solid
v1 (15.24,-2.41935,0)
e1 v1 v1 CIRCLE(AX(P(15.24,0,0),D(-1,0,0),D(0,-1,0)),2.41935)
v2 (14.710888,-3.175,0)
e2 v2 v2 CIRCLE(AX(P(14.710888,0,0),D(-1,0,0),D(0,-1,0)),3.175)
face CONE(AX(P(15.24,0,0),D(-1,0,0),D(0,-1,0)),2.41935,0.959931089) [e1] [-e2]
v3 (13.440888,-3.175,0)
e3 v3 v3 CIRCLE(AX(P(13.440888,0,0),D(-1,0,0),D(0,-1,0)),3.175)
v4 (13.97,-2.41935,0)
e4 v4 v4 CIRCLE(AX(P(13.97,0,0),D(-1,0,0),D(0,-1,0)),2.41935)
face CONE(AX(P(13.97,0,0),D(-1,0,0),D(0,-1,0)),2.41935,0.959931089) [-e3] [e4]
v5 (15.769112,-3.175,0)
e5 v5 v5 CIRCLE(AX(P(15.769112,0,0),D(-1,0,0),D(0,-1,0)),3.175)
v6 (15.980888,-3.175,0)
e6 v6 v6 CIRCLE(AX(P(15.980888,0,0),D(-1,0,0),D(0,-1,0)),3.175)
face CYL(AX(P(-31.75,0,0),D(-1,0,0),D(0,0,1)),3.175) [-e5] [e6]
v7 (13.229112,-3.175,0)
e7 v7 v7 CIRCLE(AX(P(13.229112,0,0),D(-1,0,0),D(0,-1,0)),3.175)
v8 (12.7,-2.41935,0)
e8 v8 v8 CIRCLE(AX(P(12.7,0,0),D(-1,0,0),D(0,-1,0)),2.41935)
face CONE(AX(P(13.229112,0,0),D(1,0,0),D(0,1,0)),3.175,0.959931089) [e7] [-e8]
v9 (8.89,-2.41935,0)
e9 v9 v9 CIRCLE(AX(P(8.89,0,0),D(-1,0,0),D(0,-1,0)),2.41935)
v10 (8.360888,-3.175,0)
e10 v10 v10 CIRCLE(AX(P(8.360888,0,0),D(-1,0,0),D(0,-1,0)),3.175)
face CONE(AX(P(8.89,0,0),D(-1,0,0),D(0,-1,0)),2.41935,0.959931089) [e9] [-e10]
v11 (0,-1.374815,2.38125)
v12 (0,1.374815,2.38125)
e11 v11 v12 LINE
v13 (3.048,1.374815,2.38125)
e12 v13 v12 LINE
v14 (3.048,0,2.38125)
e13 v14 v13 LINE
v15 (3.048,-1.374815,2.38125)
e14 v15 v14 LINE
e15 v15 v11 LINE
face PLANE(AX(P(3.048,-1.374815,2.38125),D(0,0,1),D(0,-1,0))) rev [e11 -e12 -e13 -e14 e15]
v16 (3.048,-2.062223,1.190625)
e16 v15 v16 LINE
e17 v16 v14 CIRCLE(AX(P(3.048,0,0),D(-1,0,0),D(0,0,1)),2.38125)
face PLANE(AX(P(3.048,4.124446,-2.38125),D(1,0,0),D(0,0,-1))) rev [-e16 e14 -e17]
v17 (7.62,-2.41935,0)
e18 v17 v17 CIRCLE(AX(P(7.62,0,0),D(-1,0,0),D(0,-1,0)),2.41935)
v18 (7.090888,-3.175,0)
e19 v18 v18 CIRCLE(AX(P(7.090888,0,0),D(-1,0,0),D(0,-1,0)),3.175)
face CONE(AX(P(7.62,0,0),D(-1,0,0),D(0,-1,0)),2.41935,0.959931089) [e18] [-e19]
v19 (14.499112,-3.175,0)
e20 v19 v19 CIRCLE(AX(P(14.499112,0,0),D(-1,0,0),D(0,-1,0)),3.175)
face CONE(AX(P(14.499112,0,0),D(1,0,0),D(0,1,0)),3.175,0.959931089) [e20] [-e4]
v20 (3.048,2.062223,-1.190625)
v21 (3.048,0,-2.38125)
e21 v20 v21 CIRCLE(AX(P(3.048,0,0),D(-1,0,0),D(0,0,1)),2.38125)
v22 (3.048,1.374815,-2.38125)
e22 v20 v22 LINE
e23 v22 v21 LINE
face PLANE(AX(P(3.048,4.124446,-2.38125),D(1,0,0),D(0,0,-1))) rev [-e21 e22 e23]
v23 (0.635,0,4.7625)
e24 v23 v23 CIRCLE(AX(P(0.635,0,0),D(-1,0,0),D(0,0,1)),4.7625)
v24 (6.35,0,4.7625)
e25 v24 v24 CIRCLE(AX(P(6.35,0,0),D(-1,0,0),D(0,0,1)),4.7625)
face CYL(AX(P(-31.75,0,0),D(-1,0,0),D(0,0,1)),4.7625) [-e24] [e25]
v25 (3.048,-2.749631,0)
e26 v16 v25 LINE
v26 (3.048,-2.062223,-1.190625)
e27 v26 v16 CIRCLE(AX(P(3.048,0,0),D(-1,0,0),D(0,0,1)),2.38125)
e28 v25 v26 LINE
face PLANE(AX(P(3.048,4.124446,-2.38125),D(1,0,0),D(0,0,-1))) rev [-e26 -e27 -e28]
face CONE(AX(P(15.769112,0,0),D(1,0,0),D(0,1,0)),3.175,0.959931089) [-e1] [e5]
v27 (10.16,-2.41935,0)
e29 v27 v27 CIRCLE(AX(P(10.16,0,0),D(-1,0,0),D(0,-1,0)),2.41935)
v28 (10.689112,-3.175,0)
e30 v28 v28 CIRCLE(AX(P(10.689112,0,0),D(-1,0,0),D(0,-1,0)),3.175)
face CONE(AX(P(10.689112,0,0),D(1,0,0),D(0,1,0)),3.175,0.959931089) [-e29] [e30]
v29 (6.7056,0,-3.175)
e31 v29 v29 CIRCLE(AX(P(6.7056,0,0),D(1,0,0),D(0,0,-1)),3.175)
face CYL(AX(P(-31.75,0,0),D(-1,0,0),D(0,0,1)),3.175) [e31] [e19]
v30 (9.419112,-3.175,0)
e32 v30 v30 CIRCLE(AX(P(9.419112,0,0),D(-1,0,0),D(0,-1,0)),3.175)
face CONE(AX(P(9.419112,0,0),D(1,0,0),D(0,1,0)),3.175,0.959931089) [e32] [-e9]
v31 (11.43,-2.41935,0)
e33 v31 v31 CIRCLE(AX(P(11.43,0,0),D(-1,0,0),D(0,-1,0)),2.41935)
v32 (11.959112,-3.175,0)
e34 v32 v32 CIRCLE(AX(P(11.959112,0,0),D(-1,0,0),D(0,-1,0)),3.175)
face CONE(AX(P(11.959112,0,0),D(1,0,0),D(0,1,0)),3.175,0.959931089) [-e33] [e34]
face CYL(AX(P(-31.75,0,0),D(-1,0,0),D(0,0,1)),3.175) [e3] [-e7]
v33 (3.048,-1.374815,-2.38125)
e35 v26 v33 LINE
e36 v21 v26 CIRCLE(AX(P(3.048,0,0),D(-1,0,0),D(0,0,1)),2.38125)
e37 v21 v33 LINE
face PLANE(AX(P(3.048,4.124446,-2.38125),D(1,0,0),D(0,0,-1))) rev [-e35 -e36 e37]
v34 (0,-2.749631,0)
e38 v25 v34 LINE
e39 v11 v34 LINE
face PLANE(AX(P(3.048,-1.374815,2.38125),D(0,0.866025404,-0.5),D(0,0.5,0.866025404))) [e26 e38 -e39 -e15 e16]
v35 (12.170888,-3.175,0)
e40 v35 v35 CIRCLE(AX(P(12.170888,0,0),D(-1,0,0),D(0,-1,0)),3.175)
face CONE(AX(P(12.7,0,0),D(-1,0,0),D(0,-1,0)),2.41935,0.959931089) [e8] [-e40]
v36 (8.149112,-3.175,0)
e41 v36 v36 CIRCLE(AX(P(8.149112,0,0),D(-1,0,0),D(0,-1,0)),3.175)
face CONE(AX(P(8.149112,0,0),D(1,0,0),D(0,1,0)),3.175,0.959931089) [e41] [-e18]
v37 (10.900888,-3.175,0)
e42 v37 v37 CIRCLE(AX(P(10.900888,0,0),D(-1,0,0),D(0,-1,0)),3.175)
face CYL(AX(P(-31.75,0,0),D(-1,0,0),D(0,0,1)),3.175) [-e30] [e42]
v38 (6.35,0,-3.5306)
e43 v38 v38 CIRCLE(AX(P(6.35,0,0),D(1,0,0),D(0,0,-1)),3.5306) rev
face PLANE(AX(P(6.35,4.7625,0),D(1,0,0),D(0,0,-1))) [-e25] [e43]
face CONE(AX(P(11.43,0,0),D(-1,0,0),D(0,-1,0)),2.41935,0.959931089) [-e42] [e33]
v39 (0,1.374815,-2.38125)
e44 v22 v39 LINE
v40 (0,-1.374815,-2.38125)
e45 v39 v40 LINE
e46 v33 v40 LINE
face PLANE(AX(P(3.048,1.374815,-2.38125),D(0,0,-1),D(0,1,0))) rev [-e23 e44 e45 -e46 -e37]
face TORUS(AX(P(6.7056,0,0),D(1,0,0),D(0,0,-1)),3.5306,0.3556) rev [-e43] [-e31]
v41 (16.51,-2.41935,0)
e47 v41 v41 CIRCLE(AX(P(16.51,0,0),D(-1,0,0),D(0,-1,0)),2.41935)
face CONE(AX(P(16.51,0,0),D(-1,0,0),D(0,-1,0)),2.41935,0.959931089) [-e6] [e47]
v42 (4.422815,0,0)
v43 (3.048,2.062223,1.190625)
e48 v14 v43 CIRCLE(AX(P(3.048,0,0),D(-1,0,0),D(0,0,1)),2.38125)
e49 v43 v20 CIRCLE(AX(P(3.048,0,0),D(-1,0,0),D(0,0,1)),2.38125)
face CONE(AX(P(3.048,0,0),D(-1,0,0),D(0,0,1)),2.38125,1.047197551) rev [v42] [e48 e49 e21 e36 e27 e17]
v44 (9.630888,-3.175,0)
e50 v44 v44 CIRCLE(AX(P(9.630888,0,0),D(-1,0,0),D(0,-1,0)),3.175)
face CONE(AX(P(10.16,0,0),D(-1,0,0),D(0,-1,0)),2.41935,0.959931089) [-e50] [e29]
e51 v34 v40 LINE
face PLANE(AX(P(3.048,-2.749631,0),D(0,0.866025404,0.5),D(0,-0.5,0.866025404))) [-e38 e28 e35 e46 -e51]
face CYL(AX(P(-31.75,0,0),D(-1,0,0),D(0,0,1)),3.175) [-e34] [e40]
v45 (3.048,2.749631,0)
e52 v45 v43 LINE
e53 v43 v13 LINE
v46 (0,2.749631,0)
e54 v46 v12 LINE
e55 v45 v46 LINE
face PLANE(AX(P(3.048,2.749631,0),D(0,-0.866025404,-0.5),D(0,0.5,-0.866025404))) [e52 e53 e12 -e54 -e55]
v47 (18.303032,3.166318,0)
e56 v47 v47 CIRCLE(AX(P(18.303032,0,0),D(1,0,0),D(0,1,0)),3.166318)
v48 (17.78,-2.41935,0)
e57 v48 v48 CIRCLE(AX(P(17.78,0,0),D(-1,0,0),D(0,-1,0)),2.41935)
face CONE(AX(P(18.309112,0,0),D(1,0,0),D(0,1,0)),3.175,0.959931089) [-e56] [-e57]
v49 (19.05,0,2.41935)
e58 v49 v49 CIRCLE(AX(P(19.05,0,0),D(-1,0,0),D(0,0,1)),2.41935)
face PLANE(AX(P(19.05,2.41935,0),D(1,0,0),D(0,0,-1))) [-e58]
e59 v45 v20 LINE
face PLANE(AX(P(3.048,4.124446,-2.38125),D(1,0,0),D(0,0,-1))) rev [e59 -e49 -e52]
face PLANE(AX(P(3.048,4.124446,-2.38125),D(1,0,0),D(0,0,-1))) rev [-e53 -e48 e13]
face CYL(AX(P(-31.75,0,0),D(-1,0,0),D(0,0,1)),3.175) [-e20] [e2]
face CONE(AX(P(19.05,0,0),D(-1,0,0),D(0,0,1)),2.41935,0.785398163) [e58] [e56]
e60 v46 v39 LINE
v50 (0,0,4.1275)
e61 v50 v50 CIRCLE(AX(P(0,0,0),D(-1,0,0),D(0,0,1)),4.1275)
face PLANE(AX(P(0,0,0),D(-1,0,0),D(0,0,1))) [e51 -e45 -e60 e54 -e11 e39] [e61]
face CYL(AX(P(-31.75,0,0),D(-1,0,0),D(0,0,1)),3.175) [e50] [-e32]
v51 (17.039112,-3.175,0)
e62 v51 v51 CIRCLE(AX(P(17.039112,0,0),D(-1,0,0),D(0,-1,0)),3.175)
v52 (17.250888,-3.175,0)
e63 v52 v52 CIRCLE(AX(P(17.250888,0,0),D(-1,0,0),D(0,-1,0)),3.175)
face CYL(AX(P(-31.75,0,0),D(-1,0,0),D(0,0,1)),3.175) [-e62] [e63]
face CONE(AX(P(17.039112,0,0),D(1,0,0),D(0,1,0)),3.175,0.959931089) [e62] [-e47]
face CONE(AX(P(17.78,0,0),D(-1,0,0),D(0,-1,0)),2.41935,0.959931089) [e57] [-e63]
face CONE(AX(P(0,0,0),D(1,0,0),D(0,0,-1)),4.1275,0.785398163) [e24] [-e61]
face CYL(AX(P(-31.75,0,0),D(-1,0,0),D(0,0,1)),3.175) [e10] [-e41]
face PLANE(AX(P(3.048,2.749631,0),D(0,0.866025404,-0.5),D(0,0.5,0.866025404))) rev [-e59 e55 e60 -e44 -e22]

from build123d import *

# Parameters (mm, degrees)
FILLET1_R       = 0.3556
HEX_2_DEPTH     = 3.048
THDSCHPAT_COUNT = 9
THDSCHPAT_PITCH = 1.27


with BuildPart() as part:
    # BodySke → Base-Revolve (revolve)
    with BuildSketch(Plane.XY, mode=Mode.PRIVATE) as base_revolve_sk:
        Polygon((0, 0), (0, 4.1275), (0.635, 4.7625), (6.35, 4.7625), (6.35, 3.175), (18.29435, 3.175), (19.05, 2.41935), (19.05, 0), align=None)
    revolve(base_revolve_sk.sketch.rotate(Axis((-31.75, 0, 0), (1, 0, 0)), 90), axis=Axis((-31.75, 0, 0), (1, 0, 0)))

    # Fillet1
    fillet1_edges = [part.edges().sort_by_distance(p)[0] for p in [
        (6.35, 0, -3.175),
    ]]
    fillet(fillet1_edges, radius=FILLET1_R)

    # Sketch2 → Hex-PreBroach (revolve, cut)
    with BuildSketch(Plane.XY, mode=Mode.PRIVATE) as hex_prebroach_sk:
        Polygon((0, 2.38125), (3.048, 2.38125), (4.422815329, 0), (0, 0), align=None)
    revolve(hex_prebroach_sk.sketch.rotate(Axis((0, 0, 0), (1, 0, 0)), 90), axis=Axis((0, 0, 0), (1, 0, 0)), mode=Mode.SUBTRACT)

    # Sketch3 → Hex 2 (cut)
    with BuildSketch(Plane(origin=(0, 0, 0), x_dir=(0, 0.500000000000001, 0.866025403784438), z_dir=(-1, 0, 0))):
        Polygon((1.374815329, 2.38125), (-1.374815329, 2.38125), (-2.749630657, 0), (-1.374815329, -2.38125), (1.374815329, -2.38125), (2.749630657, 0), align=None)
    extrude(amount=-HEX_2_DEPTH, mode=Mode.SUBTRACT)

    # ThdSchSke → ThreadSchematic (revolve, cut)
    with BuildSketch(Plane.XY):
        Polygon((7.62, -2.41935), (7.090888174, -3.175), (7.090888174, -3.96875), (8.149111826, -3.96875), (8.149111826, -3.175), align=None)
    threadschematic = revolve(axis=Axis((-3.175, 0, 0), (1, 0, 0)), mode=Mode.SUBTRACT)

    # ThdSchPat: ThreadSchematic ×9
    with Locations(*[(i * THDSCHPAT_PITCH, 0, 0) for i in range(1, THDSCHPAT_COUNT)]):
        add(threadschematic, mode=Mode.SUBTRACT)


solid = part.part
